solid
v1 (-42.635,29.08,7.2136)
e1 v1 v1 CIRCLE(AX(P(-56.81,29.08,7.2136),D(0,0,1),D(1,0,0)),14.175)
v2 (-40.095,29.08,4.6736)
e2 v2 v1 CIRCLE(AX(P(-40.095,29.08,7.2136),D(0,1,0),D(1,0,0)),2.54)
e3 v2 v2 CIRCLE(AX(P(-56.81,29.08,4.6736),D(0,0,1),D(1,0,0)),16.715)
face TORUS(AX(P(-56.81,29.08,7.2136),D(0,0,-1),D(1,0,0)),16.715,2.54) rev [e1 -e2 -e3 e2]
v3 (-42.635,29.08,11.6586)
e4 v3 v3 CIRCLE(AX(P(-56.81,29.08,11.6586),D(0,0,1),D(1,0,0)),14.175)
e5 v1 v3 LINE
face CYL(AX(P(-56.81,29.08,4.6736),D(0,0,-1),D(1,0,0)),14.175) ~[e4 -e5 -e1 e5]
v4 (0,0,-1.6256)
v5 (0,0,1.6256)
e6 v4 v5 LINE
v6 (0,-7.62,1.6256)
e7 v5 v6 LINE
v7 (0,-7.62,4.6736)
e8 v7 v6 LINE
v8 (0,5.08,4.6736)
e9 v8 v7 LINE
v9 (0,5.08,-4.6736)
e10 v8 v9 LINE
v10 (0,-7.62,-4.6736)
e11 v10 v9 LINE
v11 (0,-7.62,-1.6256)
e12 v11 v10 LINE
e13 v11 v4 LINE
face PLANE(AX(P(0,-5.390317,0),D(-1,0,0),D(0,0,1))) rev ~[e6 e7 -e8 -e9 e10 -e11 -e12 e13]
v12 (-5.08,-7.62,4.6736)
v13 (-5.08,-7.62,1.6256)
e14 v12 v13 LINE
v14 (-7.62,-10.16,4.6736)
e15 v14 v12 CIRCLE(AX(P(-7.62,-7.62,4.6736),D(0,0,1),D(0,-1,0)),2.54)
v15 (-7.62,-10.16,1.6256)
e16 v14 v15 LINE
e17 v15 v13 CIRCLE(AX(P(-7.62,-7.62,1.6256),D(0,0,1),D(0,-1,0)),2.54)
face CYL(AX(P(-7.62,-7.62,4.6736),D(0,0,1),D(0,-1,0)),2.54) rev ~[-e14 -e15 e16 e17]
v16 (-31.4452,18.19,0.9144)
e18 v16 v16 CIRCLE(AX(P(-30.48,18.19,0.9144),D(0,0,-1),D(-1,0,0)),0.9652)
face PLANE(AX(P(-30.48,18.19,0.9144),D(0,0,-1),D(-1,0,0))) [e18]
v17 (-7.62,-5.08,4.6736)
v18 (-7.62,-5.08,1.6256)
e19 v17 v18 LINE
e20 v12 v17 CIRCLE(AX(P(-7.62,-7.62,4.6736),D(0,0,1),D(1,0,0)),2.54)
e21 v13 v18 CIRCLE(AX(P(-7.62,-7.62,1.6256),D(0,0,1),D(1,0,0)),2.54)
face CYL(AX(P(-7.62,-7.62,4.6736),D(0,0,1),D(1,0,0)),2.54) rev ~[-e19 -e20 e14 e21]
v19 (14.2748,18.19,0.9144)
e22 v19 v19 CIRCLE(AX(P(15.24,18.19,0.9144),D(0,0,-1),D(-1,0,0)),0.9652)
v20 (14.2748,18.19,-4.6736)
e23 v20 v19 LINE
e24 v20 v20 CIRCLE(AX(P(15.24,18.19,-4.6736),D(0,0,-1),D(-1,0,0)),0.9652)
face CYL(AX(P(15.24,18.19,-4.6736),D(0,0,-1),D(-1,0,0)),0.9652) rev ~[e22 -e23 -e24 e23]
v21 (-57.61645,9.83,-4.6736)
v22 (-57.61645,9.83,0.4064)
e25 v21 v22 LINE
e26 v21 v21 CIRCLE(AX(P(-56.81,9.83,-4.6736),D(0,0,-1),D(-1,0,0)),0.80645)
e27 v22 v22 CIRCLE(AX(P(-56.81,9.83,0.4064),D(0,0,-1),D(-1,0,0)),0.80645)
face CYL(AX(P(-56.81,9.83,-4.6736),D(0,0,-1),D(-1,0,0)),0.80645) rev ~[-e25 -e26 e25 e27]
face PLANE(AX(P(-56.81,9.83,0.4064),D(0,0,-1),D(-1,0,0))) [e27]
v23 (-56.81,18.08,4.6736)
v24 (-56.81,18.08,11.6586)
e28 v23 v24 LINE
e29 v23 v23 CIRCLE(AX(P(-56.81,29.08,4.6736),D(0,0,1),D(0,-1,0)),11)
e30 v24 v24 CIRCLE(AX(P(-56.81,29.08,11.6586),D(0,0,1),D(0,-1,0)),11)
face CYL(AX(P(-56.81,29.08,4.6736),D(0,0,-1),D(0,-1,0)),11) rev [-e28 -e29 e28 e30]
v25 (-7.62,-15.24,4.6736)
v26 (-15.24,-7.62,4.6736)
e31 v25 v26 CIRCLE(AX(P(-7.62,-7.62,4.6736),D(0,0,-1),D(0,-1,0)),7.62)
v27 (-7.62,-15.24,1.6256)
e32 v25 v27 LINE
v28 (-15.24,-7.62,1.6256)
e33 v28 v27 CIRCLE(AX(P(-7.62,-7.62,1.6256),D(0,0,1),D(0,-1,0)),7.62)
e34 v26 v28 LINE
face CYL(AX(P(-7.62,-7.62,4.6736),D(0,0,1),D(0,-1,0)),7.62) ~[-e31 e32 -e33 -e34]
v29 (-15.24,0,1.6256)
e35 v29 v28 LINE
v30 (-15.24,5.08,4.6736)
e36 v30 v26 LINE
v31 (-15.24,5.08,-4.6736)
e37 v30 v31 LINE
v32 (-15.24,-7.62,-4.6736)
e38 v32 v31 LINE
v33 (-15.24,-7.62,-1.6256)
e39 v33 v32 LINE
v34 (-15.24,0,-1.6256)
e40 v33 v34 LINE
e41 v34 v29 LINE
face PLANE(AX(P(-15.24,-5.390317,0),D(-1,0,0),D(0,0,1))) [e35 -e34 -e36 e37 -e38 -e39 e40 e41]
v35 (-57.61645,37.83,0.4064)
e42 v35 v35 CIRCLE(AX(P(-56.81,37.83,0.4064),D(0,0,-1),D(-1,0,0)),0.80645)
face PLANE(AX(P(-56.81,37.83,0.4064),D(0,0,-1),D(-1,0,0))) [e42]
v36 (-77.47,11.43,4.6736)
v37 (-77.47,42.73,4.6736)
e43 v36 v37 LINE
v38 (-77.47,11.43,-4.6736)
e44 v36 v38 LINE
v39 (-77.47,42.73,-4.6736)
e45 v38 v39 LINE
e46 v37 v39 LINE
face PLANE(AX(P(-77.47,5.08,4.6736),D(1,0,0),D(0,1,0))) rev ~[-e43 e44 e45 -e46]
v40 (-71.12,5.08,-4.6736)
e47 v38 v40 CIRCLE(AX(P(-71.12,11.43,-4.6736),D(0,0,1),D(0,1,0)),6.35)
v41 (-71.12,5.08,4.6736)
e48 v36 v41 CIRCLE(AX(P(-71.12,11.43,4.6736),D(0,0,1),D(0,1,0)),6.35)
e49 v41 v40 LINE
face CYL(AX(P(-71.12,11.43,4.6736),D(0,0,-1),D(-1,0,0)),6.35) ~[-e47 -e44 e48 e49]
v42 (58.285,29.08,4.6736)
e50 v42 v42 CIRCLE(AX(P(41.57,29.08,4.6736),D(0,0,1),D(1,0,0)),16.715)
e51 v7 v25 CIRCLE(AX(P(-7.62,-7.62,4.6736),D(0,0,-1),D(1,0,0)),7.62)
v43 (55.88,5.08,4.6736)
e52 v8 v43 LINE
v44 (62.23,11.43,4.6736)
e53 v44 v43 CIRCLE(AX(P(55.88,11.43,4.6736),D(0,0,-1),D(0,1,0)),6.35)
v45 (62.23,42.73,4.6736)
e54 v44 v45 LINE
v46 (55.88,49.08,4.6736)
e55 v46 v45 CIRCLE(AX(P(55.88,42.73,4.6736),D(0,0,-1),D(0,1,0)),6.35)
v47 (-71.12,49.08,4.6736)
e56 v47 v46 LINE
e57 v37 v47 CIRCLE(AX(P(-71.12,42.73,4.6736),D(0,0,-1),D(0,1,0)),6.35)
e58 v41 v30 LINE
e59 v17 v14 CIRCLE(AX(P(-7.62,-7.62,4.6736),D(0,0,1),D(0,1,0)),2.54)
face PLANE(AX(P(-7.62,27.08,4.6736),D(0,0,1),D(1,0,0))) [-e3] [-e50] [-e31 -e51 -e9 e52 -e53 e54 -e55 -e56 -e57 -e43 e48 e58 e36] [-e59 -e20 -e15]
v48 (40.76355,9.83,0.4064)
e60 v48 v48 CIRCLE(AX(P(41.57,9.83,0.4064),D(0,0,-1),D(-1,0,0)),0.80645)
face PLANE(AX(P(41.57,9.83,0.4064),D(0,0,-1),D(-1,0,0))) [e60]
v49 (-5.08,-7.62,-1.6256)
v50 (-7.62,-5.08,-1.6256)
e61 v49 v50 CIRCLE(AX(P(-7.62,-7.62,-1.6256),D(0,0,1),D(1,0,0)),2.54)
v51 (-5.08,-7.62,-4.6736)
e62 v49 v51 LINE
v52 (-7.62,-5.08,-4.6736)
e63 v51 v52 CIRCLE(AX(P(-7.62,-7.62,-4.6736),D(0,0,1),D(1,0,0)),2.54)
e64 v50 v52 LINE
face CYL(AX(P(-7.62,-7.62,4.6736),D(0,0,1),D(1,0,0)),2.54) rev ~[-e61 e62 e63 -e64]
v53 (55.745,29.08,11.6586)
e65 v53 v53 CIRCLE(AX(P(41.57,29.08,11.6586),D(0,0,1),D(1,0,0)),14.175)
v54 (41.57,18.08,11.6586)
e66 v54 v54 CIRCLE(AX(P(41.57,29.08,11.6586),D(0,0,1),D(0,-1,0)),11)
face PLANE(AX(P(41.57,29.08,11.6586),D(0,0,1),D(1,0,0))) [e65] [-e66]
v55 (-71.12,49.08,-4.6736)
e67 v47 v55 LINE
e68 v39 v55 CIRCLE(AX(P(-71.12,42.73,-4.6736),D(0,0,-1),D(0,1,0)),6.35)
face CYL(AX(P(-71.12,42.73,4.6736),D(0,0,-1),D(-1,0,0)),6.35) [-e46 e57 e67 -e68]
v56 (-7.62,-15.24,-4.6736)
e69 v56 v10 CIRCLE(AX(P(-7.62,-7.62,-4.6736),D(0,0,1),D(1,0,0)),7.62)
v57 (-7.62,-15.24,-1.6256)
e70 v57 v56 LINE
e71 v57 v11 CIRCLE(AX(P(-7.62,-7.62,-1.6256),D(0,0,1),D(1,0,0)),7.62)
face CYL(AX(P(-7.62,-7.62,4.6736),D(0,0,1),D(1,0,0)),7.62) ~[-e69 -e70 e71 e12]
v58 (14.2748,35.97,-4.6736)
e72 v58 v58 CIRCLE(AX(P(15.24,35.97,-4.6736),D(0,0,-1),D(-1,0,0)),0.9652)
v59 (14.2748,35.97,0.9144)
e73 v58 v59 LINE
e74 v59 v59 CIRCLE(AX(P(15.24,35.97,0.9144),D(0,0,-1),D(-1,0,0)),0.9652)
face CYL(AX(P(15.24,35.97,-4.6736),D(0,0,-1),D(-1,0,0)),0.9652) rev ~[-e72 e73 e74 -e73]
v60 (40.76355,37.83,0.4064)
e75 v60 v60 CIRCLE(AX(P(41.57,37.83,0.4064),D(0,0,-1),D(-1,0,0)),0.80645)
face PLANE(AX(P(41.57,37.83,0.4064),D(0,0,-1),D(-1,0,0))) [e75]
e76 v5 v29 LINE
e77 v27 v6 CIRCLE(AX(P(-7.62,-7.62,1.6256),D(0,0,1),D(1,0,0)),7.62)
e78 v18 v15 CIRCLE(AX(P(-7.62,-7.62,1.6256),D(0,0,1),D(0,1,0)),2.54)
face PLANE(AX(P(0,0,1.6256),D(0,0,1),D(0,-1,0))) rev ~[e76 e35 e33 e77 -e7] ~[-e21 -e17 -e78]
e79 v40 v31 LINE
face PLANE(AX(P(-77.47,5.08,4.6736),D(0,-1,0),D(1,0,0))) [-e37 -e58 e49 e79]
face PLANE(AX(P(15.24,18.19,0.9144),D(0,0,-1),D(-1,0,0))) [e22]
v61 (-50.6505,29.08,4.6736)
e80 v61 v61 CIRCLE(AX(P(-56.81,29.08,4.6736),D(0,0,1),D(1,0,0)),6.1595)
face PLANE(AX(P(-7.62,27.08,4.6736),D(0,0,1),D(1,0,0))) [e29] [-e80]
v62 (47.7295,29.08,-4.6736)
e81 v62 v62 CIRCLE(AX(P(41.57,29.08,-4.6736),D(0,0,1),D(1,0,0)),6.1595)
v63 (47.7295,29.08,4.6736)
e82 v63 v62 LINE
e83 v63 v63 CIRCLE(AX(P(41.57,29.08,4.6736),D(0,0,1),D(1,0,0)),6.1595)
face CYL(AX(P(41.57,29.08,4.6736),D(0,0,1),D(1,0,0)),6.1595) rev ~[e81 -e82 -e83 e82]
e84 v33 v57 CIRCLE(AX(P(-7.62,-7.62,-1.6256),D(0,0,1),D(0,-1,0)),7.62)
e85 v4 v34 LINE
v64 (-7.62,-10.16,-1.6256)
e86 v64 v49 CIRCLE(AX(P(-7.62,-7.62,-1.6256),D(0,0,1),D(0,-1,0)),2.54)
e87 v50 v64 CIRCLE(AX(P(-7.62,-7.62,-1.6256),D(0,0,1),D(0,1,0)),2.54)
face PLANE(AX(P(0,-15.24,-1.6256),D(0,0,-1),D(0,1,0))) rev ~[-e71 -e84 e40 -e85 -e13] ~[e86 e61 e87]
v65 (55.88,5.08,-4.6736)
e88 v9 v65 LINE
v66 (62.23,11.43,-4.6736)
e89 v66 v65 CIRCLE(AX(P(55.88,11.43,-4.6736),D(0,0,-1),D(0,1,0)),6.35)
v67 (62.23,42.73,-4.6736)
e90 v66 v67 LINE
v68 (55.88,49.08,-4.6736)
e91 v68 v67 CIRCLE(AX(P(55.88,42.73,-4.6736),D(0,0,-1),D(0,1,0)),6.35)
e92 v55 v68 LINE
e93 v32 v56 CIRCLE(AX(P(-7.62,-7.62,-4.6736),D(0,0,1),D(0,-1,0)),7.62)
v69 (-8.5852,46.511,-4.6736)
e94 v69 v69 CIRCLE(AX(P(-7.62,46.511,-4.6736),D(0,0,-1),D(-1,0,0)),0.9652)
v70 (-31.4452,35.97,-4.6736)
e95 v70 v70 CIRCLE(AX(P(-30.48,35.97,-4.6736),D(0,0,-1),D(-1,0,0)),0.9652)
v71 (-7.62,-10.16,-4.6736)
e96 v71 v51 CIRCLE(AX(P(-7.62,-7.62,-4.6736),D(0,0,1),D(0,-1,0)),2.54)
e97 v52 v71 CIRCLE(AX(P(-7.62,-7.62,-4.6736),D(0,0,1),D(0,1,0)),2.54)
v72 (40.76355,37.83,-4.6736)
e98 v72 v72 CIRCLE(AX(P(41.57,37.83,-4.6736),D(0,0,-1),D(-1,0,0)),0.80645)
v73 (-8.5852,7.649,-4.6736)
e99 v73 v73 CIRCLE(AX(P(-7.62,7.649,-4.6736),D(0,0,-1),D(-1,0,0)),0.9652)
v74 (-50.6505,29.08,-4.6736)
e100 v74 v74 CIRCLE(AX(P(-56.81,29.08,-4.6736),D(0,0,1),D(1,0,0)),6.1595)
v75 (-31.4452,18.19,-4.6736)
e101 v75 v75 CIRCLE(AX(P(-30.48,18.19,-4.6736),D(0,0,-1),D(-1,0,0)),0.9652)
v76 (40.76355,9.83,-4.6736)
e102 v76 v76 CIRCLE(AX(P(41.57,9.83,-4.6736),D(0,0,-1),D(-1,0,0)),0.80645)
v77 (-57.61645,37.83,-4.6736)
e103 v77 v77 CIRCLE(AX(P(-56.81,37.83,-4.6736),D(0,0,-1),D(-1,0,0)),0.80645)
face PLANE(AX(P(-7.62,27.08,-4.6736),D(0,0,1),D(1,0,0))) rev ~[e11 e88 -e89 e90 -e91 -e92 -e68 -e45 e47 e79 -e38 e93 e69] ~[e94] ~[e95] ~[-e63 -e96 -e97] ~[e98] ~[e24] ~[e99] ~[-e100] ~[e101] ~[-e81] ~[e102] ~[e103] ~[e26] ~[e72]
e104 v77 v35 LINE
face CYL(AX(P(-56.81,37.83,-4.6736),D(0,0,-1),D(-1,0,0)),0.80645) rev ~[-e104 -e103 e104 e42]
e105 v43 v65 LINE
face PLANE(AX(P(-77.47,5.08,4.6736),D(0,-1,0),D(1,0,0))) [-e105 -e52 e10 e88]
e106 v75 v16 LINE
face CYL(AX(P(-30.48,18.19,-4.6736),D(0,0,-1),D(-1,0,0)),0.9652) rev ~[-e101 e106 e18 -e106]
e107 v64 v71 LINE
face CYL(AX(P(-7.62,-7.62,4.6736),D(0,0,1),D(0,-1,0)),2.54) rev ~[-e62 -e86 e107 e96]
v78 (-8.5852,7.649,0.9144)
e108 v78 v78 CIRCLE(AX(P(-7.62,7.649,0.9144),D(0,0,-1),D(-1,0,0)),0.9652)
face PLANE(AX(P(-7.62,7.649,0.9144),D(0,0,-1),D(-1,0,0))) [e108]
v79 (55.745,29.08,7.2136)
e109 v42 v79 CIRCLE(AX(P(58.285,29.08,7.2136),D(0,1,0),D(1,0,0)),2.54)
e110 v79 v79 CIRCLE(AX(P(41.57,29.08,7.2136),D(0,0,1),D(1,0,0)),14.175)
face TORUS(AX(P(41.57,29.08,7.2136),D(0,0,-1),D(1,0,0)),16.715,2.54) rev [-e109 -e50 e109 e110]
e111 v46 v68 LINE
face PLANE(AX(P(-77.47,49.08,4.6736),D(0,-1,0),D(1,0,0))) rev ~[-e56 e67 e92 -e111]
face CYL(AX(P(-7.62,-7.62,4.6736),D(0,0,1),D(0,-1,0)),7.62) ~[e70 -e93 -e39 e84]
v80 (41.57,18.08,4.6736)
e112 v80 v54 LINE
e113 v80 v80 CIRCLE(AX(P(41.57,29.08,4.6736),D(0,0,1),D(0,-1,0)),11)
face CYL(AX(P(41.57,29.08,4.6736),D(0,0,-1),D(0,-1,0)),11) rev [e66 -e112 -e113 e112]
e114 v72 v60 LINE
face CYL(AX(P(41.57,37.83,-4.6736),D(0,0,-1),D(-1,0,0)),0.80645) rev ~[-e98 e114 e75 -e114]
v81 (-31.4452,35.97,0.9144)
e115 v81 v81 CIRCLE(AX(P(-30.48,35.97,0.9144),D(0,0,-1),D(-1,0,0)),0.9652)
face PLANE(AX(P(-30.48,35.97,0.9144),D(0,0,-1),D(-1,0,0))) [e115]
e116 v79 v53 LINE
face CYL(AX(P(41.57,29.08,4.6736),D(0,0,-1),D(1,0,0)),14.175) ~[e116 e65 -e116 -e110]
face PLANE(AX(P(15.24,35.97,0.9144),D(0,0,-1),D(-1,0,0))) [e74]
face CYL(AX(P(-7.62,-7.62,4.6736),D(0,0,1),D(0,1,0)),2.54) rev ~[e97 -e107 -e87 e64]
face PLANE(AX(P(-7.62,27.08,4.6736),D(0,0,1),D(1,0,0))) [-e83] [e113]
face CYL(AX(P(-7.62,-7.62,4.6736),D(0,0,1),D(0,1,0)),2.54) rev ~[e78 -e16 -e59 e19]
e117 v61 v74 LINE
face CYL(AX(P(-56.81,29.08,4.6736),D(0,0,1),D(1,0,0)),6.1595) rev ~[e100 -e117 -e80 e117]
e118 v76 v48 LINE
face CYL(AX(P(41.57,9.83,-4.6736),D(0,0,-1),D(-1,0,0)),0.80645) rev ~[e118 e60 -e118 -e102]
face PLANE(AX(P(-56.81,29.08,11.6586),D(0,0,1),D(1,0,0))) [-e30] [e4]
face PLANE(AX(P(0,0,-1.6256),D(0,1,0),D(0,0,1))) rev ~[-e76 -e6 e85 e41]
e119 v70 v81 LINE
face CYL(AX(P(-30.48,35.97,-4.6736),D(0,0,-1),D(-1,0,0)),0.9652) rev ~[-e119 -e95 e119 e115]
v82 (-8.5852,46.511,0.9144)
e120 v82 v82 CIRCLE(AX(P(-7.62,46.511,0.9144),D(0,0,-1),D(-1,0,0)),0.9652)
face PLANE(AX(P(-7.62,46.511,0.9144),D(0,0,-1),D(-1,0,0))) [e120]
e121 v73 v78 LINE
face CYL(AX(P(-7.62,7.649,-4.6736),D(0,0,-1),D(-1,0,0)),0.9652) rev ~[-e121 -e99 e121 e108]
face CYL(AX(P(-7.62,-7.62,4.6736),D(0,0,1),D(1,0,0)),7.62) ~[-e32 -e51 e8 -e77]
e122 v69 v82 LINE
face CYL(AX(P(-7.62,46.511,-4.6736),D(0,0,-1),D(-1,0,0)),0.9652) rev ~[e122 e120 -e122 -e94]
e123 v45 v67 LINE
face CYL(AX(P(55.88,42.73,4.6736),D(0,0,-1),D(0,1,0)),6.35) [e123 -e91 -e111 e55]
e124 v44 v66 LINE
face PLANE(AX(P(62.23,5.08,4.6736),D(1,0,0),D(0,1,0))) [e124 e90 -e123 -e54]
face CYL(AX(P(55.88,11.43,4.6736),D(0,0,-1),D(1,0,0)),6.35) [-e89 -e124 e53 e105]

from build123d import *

# Parameters (mm, degrees)
BOSS_EXTRUDE1_DEPTH = 15.24
CUT_EXTRUDE1_DEPTH  = 24.492240162
SKETCH3_W           = 139.7
SKETCH3_H           = 44
BOSS_EXTRUDE2_DEPTH = 9.3472
FILLET1_R           = 6.35
SKETCH6_R           = 6.1595
CUT_EXTRUDE2_DEPTH  = 93.183607262
SKETCH7_R           = 0.9652
CUT_EXTRUDE3_DEPTH  = 5.588
SKETCH8_R           = 0.80645
CUT_EXTRUDE4_DEPTH  = 5.08
SKETCH9_R           = 14.175
SKETCH9_R_2         = 11
BOSS_EXTRUDE5_DEPTH = 6.985
FILLET2_R           = 2.54


with BuildPart() as part:
    # Sketch1 → Boss-Extrude1 (new body)
    with BuildSketch(Plane(origin=(0, 0, 0), x_dir=(0, 0, -1), z_dir=(1, 0, 0))):
        Polygon((-4.6736, 0), (-4.6736, 5.08), (4.6736, 5.08), (4.6736, 0), (4.6736, -15.24), (1.6256, -15.24), (1.6256, 0), (-1.6256, 0), (-1.6256, -15.24), (-4.6736, -15.24), align=None)
    extrude(amount=-BOSS_EXTRUDE1_DEPTH)

    # Sketch2 → Cut-Extrude1 (cut, through all)
    with BuildSketch(Plane.XY.offset(4.6736)):
        with BuildLine():
            ThreePointArc((-5.08, -7.62), (-5.823948776, -5.823948776), (-7.62, -5.08))
            Line((-7.62, -5.08), (-7.62, -10.16))
            ThreePointArc((-7.62, -10.16), (-5.823948776, -9.416051224), (-5.08, -7.62))
        make_face()
        with BuildLine():
            Line((-7.62, -10.16), (-7.62, -5.08))
            ThreePointArc((-7.62, -5.08), (-10.16, -7.62), (-7.62, -10.16))
        make_face()
        with BuildLine():
            ThreePointArc((-7.62, -15.24), (-13.008153673, -13.008153673), (-15.24, -7.62))
            Line((-15.24, -7.62), (-15.24, -15.24))
            Line((-15.24, -15.24), (-7.62, -15.24))
        make_face()
        with BuildLine():
            Line((0, -15.24), (0, -7.62))
            ThreePointArc((0, -7.62), (-2.231846327, -13.008153673), (-7.62, -15.24))
            Line((-7.62, -15.24), (0, -15.24))
        make_face()
    extrude(amount=-CUT_EXTRUDE1_DEPTH, mode=Mode.SUBTRACT)

    # Sketch3 → Boss-Extrude2 (add)
    with BuildSketch(Plane.XY.offset(4.6736)):
        with Locations((-7.62, 27.08)):
            Rectangle(SKETCH3_W, SKETCH3_H)
    extrude(amount=-BOSS_EXTRUDE2_DEPTH)

    # Fillet1
    fillet1_edges = [part.edges().sort_by_distance(p)[0] for p in [
        (62.23, 5.08, 0),
        (62.23, 49.08, 0),
        (-77.47, 49.08, 0),
        (-77.47, 5.08, 0),
    ]]
    fillet(fillet1_edges, radius=FILLET1_R)

    # Sketch6 → Cut-Extrude2 (cut, through all)
    with BuildSketch(Plane.XY.offset(4.6736)):
        with Locations((-56.809999918, 29.08)):
            Circle(SKETCH6_R)
        with Locations((41.569999918, 29.08)):
            Circle(SKETCH6_R)
    extrude(amount=-CUT_EXTRUDE2_DEPTH, mode=Mode.SUBTRACT)

    # Sketch7 → Cut-Extrude3 (cut)
    with BuildSketch(Plane(origin=(0, 0, -4.6736), x_dir=(-1, 0, 0), z_dir=(0, 0, -1))):
        with Locations((30.48, 35.97)):
            Circle(SKETCH7_R)
        with Locations((-15.24, 35.97)):
            Circle(SKETCH7_R)
        with Locations((30.48, 18.19)):
            Circle(SKETCH7_R)
        with Locations((-15.24, 18.19)):
            Circle(SKETCH7_R)
        with Locations((7.62, 7.649)):
            Circle(SKETCH7_R)
        with Locations((7.62, 46.511)):
            Circle(SKETCH7_R)
    extrude(amount=-CUT_EXTRUDE3_DEPTH, mode=Mode.SUBTRACT)

    # Sketch8 → Cut-Extrude4 (cut)
    with BuildSketch(Plane(origin=(0, 0, -4.6736), x_dir=(-1, 0, 0), z_dir=(0, 0, -1))):
        with Locations((-41.57, 37.83)):
            Circle(SKETCH8_R)
        with Locations((-41.57, 9.83)):
            Circle(SKETCH8_R)
        with Locations((56.81, 37.83)):
            Circle(SKETCH8_R)
        with Locations((56.81, 9.83)):
            Circle(SKETCH8_R)
    extrude(amount=-CUT_EXTRUDE4_DEPTH, mode=Mode.SUBTRACT)

    # Sketch9 → Boss-Extrude5 (add)
    with BuildSketch(Plane.XY.offset(4.6736)):
        with Locations((-56.81, 29.08)):
            Circle(SKETCH9_R)
        with Locations(Location((-56.81, 29.08, 0), (0, 0, 270))):
            Circle(SKETCH9_R_2, mode=Mode.SUBTRACT)
        with Locations((41.57, 29.08)):
            Circle(SKETCH9_R)
        with Locations(Location((41.57, 29.08, 0), (0, 0, 270))):
            Circle(SKETCH9_R_2, mode=Mode.SUBTRACT)
    extrude(amount=BOSS_EXTRUDE5_DEPTH)

    # Fillet2
    fillet2_edges = [part.edges().sort_by_distance(p)[0] for p in [
        (-70.985, 29.08, 4.6736),
        (27.395, 29.08, 4.6736),
    ]]
    fillet(fillet2_edges, radius=FILLET2_R)


solid = part.part
